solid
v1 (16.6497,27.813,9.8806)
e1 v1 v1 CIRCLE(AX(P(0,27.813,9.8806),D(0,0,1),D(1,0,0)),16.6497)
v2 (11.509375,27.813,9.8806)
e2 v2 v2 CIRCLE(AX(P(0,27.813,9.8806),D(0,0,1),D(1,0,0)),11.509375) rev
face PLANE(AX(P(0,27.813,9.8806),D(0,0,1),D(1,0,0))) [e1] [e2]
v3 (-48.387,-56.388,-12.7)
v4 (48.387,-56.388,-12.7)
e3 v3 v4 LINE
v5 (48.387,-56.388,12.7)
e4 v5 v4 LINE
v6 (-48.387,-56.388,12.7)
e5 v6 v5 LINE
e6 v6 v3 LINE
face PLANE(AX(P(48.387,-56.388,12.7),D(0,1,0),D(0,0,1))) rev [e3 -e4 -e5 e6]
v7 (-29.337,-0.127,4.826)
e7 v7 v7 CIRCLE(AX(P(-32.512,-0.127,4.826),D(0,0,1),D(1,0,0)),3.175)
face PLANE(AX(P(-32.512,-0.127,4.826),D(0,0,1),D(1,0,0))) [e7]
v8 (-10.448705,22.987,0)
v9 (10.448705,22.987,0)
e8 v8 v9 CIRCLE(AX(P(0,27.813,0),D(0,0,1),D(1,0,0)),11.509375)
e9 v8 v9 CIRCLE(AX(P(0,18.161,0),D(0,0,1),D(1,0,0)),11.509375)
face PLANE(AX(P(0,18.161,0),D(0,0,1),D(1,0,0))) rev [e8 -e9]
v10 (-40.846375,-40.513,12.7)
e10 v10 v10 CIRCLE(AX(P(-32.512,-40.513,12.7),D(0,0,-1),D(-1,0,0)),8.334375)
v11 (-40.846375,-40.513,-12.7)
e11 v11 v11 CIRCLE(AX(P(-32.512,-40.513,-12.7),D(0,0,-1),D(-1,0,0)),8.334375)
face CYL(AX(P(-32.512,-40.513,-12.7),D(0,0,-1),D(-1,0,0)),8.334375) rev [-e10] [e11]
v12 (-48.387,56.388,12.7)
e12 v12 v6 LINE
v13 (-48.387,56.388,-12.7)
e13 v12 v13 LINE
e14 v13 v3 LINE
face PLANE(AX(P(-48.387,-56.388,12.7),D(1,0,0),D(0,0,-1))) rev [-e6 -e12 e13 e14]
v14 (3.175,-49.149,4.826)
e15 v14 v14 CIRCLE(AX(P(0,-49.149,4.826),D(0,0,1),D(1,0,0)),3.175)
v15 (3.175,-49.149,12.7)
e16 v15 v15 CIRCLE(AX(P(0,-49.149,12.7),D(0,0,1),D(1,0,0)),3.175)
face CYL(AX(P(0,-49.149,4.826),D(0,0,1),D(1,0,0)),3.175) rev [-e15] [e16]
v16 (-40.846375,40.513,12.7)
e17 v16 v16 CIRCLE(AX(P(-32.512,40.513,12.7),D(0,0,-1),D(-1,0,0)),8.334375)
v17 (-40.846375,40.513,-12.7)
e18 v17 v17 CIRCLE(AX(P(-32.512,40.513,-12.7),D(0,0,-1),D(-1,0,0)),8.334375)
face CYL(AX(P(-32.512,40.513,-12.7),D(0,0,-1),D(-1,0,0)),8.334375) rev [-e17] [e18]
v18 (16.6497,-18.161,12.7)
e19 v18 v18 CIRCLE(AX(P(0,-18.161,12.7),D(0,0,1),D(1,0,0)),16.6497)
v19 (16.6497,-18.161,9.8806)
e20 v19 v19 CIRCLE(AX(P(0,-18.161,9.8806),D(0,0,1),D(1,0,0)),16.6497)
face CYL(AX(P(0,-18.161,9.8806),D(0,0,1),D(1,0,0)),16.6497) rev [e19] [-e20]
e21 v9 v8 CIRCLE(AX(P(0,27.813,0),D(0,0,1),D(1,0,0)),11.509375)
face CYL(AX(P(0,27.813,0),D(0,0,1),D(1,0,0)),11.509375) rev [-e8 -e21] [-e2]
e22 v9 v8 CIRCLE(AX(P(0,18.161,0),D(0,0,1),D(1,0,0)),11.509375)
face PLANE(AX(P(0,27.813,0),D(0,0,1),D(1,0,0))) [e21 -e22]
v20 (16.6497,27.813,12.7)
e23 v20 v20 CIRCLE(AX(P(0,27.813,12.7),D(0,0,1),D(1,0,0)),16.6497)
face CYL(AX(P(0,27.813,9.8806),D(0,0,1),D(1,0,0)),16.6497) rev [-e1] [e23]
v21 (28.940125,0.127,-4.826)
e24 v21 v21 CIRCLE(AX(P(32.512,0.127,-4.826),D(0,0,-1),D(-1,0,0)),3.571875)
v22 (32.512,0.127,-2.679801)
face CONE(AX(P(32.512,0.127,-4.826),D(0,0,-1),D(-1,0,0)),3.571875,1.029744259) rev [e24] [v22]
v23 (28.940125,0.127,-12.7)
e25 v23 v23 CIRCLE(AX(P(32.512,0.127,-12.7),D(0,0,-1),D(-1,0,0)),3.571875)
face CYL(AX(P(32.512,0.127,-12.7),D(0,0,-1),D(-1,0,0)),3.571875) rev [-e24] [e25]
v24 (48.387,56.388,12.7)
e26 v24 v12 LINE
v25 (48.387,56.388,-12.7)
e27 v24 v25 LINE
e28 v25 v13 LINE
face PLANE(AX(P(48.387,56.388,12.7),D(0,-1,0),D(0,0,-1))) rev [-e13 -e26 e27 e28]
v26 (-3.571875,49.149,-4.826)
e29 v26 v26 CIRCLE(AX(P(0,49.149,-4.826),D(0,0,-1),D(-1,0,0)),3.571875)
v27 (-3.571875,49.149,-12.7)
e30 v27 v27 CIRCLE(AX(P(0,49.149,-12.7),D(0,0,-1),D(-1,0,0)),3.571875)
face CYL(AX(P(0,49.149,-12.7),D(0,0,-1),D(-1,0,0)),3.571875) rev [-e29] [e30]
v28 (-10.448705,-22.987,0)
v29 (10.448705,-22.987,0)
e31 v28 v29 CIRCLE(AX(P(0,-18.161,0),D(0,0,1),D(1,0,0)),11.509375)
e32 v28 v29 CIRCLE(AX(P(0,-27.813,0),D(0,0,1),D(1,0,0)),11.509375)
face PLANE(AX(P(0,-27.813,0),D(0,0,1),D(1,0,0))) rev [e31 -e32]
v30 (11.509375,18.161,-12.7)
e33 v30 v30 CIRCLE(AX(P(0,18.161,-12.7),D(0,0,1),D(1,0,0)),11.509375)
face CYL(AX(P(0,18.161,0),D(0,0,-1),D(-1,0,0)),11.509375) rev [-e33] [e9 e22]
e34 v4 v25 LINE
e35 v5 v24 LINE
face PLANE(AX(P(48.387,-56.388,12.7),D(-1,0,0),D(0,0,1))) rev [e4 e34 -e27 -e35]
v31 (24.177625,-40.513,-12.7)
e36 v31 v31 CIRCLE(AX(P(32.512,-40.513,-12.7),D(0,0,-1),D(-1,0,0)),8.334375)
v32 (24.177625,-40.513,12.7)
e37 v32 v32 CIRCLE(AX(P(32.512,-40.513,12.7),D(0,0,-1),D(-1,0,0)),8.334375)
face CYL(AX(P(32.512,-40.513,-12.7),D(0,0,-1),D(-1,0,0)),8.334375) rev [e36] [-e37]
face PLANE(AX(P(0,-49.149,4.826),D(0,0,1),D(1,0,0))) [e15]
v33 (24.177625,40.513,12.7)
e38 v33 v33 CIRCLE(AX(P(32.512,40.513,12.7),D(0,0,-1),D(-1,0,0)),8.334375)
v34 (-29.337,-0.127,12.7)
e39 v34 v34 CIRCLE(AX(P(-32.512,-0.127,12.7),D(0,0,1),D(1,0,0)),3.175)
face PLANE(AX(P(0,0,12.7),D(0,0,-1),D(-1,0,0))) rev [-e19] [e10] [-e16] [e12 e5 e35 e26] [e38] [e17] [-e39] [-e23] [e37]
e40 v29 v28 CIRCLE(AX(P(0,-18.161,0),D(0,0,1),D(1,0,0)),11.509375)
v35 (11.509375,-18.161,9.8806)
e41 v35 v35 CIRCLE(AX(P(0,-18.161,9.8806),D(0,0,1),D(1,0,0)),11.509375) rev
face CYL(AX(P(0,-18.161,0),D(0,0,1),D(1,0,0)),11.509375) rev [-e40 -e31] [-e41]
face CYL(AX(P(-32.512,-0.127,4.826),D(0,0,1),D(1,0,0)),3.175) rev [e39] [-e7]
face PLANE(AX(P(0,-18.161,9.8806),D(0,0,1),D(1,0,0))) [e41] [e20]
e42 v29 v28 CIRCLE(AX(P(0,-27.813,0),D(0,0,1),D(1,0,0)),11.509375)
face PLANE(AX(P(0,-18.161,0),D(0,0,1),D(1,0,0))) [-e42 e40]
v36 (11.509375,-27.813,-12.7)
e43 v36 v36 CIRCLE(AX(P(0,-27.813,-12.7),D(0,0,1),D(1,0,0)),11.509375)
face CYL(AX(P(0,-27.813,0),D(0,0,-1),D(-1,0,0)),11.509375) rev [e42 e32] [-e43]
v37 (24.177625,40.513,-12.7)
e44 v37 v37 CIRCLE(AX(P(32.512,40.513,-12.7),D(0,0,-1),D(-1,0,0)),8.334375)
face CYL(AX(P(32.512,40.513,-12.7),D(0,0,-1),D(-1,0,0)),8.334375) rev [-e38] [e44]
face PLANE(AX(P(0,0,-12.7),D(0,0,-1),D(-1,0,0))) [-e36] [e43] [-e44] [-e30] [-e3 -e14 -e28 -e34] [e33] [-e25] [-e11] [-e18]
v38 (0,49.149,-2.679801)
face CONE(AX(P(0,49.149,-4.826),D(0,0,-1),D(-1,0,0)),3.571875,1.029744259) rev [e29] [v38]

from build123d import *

# Parameters (mm, degrees)
SKETCH1_W                   = 112.776
SKETCH1_H                   = 96.774
BOSS_EXTRUDE1_DEPTH         = 12.7
F_5_8_CLEARANCE_HOLE1_D     = 16.66875
F_5_8_CLEARANCE_HOLE1_DEPTH = 25.4
F_5_8_CLEARANCE_HOLE1_TIP   = 5.007797722
CUT_EXTRUDE2_START          = -12.7
SKETCH4_R                   = 11.509375
CUT_EXTRUDE2_DEPTH          = 12.7
CUT_EXTRUDE4_START          = 12.7
SKETCH5_R                   = 11.509375
CUT_EXTRUDE4_DEPTH          = 12.7
CUT_EXTRUDE6_START          = 12.7
SKETCH6_R                   = 16.6497
CUT_EXTRUDE6_DEPTH          = 2.8194
F_1_4_CLEARANCE_HOLE2_D     = 7.14375
F_1_4_CLEARANCE_HOLE2_DEPTH = 7.874
F_1_4_CLEARANCE_HOLE2_TIP   = 2.146199024
CUT_EXTRUDE8_START          = 12.7
SKETCH11_R                  = 3.175
CUT_EXTRUDE8_DEPTH          = 7.874


with BuildPart() as part:
    # Sketch1 → Boss-Extrude1 (new, symmetric)
    with BuildSketch(Plane(origin=(0, 0, 0), x_dir=(0, 1, 0), z_dir=(0, 0, 1))):
        Rectangle(SKETCH1_W, SKETCH1_H)
    extrude(amount=BOSS_EXTRUDE1_DEPTH, both=True)

    # 5/8 Clearance Hole1
    with Locations(Plane(origin=(0, 0, -12.7), x_dir=(-1, 0, 0), z_dir=(0, 0, -1))):
        with Locations((-32.512, -40.513), (-32.512, 40.513), (32.512, -40.513), (32.512, 40.513)):
            Hole(F_5_8_CLEARANCE_HOLE1_D / 2, depth=F_5_8_CLEARANCE_HOLE1_DEPTH)
            with Locations((0, 0, -(F_5_8_CLEARANCE_HOLE1_DEPTH + F_5_8_CLEARANCE_HOLE1_TIP / 2))):  # 118° drill point
                Cone(0, F_5_8_CLEARANCE_HOLE1_D / 2, F_5_8_CLEARANCE_HOLE1_TIP, mode=Mode.SUBTRACT)

    # Sketch4 → Cut-Extrude2 (cut)
    with BuildSketch(Plane(origin=(0, 0, 0), x_dir=(0, 1, 0), z_dir=(0, 0, 1)).offset(CUT_EXTRUDE2_START)):
        with Locations(Location((-27.813, 0, 0), (0, 0, 270))):
            Circle(SKETCH4_R)
        with Locations(Location((18.161, 0, 0), (0, 0, 270))):
            Circle(SKETCH4_R)
    extrude(amount=CUT_EXTRUDE2_DEPTH, mode=Mode.SUBTRACT)

    # Sketch5 → Cut-Extrude4 (cut)
    with BuildSketch(Plane(origin=(0, 0, 0), x_dir=(0, 1, 0), z_dir=(0, 0, 1)).offset(CUT_EXTRUDE4_START)):
        with Locations(Location((-18.161, 0, 0), (0, 0, 270))):
            Circle(SKETCH5_R)
        with Locations(Location((27.813, 0, 0), (0, 0, 270))):
            Circle(SKETCH5_R)
    extrude(amount=-CUT_EXTRUDE4_DEPTH, mode=Mode.SUBTRACT)

    # Sketch6 → Cut-Extrude6 (cut)
    with BuildSketch(Plane(origin=(0, 0, 0), x_dir=(0, 1, 0), z_dir=(0, 0, 1)).offset(CUT_EXTRUDE6_START)):
        with Locations(Location((-18.161, 0, 0), (0, 0, 270))):
            Circle(SKETCH6_R)
        with Locations(Location((27.813, 0, 0), (0, 0, 270))):
            Circle(SKETCH6_R)
    extrude(amount=-CUT_EXTRUDE6_DEPTH, mode=Mode.SUBTRACT)

    # 1/4 Clearance Hole2
    with Locations(Plane(origin=(0, 0, -12.7), x_dir=(-1, 0, 0), z_dir=(0, 0, -1))):
        with Locations((0, 49.149), (-32.512, 0.127)):
            Hole(F_1_4_CLEARANCE_HOLE2_D / 2, depth=F_1_4_CLEARANCE_HOLE2_DEPTH)
            with Locations((0, 0, -(F_1_4_CLEARANCE_HOLE2_DEPTH + F_1_4_CLEARANCE_HOLE2_TIP / 2))):  # 118° drill point
                Cone(0, F_1_4_CLEARANCE_HOLE2_D / 2, F_1_4_CLEARANCE_HOLE2_TIP, mode=Mode.SUBTRACT)

    # Sketch11 → Cut-Extrude8 (cut)
    with BuildSketch(Plane(origin=(0, 0, 0), x_dir=(0, 1, 0), z_dir=(0, 0, 1)).offset(CUT_EXTRUDE8_START)):
        with Locations(Location((-49.149, 0, 0), (0, 0, 270))):
            Circle(SKETCH11_R)
        with Locations(Location((-0.127, 32.512, 0), (0, 0, 270))):
            Circle(SKETCH11_R)
    extrude(amount=-CUT_EXTRUDE8_DEPTH, mode=Mode.SUBTRACT)


solid = part.part
